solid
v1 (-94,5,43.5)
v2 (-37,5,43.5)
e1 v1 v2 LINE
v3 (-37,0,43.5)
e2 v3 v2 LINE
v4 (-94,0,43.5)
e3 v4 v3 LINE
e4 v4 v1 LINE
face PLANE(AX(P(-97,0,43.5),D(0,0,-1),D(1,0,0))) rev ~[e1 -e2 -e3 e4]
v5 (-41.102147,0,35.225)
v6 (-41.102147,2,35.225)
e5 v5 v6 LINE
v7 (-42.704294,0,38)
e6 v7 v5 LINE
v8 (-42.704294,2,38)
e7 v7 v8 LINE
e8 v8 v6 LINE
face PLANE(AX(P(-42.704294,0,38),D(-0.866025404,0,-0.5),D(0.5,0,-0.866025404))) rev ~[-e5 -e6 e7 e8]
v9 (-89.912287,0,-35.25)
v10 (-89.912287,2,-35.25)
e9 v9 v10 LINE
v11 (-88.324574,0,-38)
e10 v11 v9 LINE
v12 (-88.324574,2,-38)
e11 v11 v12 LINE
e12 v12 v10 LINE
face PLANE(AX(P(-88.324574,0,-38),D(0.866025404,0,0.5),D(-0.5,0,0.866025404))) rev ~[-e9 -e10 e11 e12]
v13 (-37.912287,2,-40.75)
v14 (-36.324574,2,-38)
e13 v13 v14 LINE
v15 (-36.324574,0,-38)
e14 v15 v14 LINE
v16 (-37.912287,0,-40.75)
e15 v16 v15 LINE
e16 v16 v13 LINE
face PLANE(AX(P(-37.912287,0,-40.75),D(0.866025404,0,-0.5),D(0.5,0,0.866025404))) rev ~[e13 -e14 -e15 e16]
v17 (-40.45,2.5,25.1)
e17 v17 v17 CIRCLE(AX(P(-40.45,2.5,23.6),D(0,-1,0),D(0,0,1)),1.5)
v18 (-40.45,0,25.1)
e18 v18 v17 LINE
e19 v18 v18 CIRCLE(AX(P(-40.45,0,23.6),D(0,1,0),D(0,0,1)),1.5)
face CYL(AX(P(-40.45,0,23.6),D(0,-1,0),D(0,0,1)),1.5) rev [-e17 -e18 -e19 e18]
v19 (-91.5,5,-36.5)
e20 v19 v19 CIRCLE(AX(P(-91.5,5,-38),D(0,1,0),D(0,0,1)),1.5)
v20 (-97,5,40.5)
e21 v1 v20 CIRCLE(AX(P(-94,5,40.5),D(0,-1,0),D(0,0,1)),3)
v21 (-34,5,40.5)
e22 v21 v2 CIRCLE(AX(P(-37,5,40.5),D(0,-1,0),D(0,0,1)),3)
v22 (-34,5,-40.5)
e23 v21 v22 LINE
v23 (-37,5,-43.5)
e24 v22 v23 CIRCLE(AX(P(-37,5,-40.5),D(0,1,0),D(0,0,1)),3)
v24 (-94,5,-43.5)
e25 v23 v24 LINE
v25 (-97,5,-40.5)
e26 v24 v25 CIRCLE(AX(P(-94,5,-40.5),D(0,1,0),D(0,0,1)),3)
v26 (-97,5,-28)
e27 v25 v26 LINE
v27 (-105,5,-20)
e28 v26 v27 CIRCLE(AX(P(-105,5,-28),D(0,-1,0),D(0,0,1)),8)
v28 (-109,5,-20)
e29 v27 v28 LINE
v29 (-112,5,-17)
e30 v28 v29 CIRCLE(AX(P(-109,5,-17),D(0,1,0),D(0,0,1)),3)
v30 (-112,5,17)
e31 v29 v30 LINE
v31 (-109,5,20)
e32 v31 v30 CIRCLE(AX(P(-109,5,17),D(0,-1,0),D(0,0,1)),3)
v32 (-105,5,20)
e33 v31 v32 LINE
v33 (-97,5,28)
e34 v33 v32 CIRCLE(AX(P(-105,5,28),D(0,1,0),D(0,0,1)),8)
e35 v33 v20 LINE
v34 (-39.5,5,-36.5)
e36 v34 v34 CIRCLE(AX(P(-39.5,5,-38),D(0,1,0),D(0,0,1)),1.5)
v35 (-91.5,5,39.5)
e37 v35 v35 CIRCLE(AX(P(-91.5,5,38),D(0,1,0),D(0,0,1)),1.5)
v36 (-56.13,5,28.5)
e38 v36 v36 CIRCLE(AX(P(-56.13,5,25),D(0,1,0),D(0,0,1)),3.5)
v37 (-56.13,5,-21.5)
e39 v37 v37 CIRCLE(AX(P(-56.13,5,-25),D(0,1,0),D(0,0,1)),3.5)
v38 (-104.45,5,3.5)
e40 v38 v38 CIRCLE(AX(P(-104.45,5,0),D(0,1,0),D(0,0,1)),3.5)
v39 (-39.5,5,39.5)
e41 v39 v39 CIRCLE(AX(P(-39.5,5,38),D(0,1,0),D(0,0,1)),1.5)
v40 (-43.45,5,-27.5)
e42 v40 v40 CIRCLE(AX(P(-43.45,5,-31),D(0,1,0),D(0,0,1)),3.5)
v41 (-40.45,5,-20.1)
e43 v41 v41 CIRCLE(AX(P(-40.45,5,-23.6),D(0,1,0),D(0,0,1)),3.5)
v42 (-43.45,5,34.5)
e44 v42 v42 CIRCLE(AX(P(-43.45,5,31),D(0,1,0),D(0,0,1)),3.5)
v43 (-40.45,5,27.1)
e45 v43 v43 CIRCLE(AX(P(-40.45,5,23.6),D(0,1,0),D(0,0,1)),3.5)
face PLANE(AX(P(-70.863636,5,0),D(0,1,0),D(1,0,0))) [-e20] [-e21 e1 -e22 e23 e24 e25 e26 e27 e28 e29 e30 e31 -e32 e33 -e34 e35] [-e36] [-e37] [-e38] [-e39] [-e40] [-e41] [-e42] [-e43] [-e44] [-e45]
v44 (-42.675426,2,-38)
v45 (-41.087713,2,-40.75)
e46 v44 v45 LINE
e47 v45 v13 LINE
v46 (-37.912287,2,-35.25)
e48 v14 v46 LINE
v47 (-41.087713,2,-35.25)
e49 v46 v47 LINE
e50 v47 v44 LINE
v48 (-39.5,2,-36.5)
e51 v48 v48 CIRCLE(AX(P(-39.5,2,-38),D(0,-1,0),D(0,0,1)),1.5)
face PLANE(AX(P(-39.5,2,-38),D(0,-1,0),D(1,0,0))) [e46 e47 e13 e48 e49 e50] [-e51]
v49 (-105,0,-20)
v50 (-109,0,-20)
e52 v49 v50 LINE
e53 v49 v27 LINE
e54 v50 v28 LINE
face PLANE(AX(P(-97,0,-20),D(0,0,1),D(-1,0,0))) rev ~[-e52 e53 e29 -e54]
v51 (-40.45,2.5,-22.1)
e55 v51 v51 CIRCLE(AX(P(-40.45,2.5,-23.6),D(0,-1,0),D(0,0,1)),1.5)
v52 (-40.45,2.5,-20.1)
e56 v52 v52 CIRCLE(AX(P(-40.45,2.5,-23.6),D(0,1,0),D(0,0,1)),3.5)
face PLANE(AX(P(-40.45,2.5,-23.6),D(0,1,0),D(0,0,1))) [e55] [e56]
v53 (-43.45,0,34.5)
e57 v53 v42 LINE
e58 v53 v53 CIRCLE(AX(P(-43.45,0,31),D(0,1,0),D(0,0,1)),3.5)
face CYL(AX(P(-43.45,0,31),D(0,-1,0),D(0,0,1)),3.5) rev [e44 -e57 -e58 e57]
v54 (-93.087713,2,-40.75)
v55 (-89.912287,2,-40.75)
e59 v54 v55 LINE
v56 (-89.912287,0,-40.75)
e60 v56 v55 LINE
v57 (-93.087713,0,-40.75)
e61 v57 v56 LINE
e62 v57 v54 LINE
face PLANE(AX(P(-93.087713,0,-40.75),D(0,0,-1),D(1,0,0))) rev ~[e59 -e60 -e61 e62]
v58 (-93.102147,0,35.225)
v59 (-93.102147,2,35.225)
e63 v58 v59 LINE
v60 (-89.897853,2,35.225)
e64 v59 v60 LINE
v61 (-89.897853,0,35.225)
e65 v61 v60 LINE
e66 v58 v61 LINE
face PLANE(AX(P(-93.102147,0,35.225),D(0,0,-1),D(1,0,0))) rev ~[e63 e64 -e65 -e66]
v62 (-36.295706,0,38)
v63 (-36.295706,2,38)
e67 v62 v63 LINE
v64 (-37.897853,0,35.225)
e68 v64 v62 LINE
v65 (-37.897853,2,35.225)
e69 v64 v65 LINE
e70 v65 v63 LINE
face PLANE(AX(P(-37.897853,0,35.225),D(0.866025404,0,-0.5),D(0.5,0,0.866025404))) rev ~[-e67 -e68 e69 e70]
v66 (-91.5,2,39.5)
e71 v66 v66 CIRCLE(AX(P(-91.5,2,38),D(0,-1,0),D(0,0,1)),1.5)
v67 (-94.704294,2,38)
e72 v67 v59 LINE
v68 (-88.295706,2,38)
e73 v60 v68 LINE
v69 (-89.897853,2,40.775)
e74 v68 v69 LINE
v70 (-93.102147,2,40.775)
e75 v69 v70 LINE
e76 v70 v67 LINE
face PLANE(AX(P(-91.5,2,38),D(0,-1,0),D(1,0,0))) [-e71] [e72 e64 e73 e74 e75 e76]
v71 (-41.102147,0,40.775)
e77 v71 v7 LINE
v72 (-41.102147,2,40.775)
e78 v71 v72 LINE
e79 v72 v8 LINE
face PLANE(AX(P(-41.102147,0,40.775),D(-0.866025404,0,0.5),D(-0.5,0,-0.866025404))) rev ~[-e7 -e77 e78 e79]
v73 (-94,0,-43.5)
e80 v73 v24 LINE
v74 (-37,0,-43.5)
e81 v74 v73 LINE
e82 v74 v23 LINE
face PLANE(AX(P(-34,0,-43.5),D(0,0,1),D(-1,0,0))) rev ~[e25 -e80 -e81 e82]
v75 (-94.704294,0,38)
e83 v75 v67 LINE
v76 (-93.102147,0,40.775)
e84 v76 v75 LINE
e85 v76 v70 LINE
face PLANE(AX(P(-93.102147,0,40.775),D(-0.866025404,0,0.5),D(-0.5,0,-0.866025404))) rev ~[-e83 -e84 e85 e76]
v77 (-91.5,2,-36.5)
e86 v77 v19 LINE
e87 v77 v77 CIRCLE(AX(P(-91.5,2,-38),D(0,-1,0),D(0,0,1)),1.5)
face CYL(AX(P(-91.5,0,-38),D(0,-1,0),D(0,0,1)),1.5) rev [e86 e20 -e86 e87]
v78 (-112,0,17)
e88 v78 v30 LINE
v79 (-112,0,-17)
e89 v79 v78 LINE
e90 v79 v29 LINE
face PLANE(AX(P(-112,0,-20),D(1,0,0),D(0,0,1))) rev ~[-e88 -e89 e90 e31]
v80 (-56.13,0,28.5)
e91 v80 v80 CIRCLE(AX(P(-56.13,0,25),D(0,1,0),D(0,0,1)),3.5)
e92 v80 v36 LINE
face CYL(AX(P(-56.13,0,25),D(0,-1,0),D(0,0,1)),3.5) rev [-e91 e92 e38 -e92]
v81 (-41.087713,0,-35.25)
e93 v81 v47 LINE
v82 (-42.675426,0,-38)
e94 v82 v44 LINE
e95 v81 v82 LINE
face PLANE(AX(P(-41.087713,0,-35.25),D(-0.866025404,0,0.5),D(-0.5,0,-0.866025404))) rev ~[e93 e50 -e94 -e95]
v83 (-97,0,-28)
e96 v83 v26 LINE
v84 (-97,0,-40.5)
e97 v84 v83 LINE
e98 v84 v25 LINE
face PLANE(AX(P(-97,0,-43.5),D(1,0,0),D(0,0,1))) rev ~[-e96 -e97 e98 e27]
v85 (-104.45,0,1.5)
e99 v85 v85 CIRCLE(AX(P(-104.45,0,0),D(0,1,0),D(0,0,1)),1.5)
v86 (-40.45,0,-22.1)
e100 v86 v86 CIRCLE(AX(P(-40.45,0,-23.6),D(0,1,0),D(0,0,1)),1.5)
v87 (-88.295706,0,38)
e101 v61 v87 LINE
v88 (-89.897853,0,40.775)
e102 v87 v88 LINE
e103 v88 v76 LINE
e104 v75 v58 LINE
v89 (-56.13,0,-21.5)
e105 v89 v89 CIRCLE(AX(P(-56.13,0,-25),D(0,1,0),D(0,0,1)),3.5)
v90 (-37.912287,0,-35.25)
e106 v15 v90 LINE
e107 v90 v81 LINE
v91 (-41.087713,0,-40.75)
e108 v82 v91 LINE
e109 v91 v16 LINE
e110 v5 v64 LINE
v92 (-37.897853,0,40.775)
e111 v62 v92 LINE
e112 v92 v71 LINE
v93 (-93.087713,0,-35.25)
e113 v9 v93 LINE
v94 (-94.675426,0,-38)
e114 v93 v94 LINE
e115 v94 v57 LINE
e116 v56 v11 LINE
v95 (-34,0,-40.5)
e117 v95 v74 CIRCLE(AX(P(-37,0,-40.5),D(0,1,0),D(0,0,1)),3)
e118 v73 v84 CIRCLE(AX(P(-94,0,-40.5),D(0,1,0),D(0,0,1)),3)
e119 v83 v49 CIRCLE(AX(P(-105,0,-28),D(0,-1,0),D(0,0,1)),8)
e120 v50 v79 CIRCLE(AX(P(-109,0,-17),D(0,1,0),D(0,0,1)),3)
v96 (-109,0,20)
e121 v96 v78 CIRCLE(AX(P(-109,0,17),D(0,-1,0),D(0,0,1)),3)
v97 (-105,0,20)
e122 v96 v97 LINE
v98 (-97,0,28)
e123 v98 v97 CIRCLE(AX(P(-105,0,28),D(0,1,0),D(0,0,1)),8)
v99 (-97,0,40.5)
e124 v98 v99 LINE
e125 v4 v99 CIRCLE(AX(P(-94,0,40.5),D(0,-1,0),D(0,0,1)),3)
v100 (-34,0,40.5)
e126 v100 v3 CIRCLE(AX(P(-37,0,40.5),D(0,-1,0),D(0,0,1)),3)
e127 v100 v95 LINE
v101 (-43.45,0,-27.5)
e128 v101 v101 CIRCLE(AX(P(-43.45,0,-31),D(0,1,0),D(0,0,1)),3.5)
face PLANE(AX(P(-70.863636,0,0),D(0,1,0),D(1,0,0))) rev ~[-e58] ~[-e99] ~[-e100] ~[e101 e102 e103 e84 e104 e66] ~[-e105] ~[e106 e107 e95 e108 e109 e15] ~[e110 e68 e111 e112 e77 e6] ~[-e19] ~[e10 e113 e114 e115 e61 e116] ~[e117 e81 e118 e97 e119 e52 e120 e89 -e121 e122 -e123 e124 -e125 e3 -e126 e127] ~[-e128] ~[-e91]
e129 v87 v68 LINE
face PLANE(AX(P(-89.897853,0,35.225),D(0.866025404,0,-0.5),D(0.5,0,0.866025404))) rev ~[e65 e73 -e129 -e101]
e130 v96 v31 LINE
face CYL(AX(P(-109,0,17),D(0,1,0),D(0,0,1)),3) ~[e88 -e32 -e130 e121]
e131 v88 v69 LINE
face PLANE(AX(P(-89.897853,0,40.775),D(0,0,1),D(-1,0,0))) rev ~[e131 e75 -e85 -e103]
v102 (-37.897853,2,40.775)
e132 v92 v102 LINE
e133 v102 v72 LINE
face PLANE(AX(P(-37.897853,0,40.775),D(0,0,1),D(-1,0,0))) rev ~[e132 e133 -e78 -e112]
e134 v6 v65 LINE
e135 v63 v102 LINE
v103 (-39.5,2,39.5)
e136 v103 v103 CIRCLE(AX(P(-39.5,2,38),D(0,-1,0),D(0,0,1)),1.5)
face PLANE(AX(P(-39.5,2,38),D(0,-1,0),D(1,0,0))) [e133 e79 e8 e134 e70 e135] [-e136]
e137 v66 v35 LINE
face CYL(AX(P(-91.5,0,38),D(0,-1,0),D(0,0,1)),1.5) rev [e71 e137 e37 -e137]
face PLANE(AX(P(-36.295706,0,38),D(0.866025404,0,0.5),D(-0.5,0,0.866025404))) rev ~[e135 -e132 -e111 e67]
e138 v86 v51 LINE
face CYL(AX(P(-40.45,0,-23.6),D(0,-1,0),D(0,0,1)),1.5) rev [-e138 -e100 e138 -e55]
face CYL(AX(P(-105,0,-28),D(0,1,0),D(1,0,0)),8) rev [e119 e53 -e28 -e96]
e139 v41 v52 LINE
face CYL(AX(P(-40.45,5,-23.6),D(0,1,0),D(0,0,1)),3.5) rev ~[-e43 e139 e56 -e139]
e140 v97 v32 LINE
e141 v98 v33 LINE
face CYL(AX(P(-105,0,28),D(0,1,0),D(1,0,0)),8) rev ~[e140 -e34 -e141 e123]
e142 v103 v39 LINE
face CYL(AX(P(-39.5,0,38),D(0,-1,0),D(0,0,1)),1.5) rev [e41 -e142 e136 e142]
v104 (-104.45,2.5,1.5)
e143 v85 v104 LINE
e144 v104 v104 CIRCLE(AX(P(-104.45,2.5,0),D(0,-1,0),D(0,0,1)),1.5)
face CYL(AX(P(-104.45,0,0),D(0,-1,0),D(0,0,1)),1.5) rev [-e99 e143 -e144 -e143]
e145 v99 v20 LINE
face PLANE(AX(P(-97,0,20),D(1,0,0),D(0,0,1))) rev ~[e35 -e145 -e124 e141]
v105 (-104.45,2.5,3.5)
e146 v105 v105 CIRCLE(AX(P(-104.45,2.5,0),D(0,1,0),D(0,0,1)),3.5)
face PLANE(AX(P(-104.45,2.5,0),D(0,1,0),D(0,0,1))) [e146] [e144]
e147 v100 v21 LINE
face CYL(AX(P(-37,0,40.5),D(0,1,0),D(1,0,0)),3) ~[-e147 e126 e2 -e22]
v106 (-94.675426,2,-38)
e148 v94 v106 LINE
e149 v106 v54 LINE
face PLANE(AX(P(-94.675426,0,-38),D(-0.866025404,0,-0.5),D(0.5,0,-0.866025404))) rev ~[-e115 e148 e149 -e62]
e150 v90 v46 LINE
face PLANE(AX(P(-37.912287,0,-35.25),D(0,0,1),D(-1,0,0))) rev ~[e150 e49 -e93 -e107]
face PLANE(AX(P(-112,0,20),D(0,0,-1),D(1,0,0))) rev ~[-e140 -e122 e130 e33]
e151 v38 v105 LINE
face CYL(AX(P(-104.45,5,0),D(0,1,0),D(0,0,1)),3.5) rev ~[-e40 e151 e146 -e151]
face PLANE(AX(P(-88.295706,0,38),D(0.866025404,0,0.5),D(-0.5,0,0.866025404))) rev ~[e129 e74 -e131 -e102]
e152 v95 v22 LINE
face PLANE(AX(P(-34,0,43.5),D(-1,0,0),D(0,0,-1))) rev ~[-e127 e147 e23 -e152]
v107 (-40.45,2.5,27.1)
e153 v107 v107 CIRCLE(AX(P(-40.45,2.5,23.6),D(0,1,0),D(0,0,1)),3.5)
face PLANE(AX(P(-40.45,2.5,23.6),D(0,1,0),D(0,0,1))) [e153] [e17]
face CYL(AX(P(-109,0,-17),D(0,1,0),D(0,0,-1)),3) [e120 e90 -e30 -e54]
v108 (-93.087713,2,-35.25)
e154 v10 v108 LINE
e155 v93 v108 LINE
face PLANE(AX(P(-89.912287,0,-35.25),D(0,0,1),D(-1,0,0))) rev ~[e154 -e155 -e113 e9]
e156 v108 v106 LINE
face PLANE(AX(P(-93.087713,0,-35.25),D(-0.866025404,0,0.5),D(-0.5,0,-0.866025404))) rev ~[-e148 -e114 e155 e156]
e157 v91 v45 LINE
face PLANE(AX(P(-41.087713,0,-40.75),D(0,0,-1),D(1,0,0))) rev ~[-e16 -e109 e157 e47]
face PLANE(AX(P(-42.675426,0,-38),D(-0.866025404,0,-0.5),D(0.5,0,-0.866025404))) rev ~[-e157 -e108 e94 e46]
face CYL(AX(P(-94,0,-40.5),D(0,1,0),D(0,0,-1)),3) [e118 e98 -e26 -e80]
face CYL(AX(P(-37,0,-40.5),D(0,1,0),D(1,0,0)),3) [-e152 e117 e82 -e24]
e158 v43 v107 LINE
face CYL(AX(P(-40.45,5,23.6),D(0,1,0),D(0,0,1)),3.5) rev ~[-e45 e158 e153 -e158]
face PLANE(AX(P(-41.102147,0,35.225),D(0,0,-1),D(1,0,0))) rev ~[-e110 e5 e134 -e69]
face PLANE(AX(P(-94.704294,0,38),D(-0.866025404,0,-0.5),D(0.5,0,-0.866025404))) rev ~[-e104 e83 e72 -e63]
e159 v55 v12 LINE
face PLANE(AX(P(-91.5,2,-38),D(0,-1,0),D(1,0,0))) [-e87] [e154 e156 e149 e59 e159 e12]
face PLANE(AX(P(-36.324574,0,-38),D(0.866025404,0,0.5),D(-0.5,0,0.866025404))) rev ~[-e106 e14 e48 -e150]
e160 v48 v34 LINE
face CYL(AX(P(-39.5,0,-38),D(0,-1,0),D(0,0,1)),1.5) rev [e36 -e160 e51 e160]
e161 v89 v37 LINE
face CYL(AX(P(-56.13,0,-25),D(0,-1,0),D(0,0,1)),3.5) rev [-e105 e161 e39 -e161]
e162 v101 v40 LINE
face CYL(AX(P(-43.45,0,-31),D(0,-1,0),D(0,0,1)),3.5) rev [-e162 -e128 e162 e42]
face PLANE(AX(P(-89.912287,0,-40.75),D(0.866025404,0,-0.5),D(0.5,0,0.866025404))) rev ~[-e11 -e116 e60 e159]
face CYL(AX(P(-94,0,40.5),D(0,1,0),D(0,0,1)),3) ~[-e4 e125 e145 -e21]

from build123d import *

# Parameters (mm, degrees)
SKETCH1_R           = 1.5
SKETCH1_R_2         = 3.5
BOSS_EXTRUDE1_DEPTH = 5
FILLET1_R           = 3
FILLET2_R           = 8
SKETCH2_R           = 3.5
CUT_EXTRUDE1_DEPTH  = 2.5
CUT_EXTRUDE2_DEPTH  = 2


with BuildPart() as part:
    # Sketch1 → Boss-Extrude1 (new body)
    with BuildSketch(Plane(origin=(0, 0, 0), x_dir=(1, 0, 0), z_dir=(0, 1, 0))):
        Polygon((-34, -43.5), (-34, 43.5), (-97, 43.5), (-97, 20), (-112, 20), (-112, -20), (-97, -20), (-97, -43.5), align=None)
        with Locations(Location((-104.45, 0, 0), (0, 0, 270))):
            Circle(SKETCH1_R, mode=Mode.SUBTRACT)
        with Locations(Location((-43.45, 31, 0), (0, 0, 270))):
            Circle(SKETCH1_R_2, mode=Mode.SUBTRACT)
        with Locations(Location((-56.13, 25, 0), (0, 0, 270))):
            Circle(SKETCH1_R_2, mode=Mode.SUBTRACT)
        with Locations(Location((-40.45, 23.6, 0), (0, 0, 270))):
            Circle(SKETCH1_R, mode=Mode.SUBTRACT)
        with Locations(Location((-40.45, -23.6, 0), (0, 0, 270))):
            Circle(SKETCH1_R, mode=Mode.SUBTRACT)
        with Locations(Location((-56.13, -25, 0), (0, 0, 270))):
            Circle(SKETCH1_R_2, mode=Mode.SUBTRACT)
        with Locations(Location((-43.45, -31, 0), (0, 0, 270))):
            Circle(SKETCH1_R_2, mode=Mode.SUBTRACT)
        with Locations(Location((-39.5, 38, 0), (0, 0, 270))):
            Circle(SKETCH1_R, mode=Mode.SUBTRACT)
        with Locations(Location((-91.5, 38, 0), (0, 0, 270))):
            Circle(SKETCH1_R, mode=Mode.SUBTRACT)
        with Locations(Location((-91.5, -38, 0), (0, 0, 270))):
            Circle(SKETCH1_R, mode=Mode.SUBTRACT)
        with Locations(Location((-39.5, -38, 0), (0, 0, 270))):
            Circle(SKETCH1_R, mode=Mode.SUBTRACT)
    extrude(amount=BOSS_EXTRUDE1_DEPTH)

    # Fillet1
    fillet1_edges = [part.edges().sort_by_distance(p)[0] for p in [
        (-97, 2.5, 43.5),
        (-112, 2.5, 20),
        (-112, 2.5, -20),
        (-97, 2.5, -43.5),
        (-34, 2.5, -43.5),
        (-34, 2.5, 43.5),
    ]]
    fillet(fillet1_edges, radius=FILLET1_R)

    # Fillet2
    fillet2_edges = [part.edges().sort_by_distance(p)[0] for p in [
        (-97, 2.5, 20),
        (-97, 2.5, -20),
    ]]
    fillet(fillet2_edges, radius=FILLET2_R)

    # Sketch2 → Cut-Extrude1 (cut)
    with BuildSketch(Plane(origin=(0, 5, 0), x_dir=(1, 0, 0), z_dir=(0, 1, 0))):
        with Locations(Location((-40.45, -23.6, 0), (0, 0, 270))):
            Circle(SKETCH2_R)
        with Locations(Location((-40.45, 23.6, 0), (0, 0, 270))):
            Circle(SKETCH2_R)
        with Locations(Location((-104.45, 0, 0), (0, 0, 270))):
            Circle(SKETCH2_R)
    extrude(amount=-CUT_EXTRUDE1_DEPTH, mode=Mode.SUBTRACT)

    # Sketch3 → Cut-Extrude2 (cut)
    with BuildSketch(Plane.XZ):
        Polygon((-37.897853003, 35.225), (-36.295706006, 38), (-37.897853003, 40.775), (-41.102146997, 40.775), (-42.704293994, 38), (-41.102146997, 35.225), align=None)
        Polygon((-89.897853003, 35.225), (-88.295706006, 38), (-89.897853003, 40.775), (-93.102146997, 40.775), (-94.704293994, 38), (-93.102146997, 35.225), align=None)
        Polygon((-89.91228676, -35.25), (-93.08771324, -35.25), (-94.675426481, -38), (-93.08771324, -40.75), (-89.91228676, -40.75), (-88.324573519, -38), align=None)
        Polygon((-37.91228676, -40.75), (-36.324573519, -38), (-37.91228676, -35.25), (-41.08771324, -35.25), (-42.675426481, -38), (-41.08771324, -40.75), align=None)
    extrude(amount=-CUT_EXTRUDE2_DEPTH, mode=Mode.SUBTRACT)


solid = part.part
